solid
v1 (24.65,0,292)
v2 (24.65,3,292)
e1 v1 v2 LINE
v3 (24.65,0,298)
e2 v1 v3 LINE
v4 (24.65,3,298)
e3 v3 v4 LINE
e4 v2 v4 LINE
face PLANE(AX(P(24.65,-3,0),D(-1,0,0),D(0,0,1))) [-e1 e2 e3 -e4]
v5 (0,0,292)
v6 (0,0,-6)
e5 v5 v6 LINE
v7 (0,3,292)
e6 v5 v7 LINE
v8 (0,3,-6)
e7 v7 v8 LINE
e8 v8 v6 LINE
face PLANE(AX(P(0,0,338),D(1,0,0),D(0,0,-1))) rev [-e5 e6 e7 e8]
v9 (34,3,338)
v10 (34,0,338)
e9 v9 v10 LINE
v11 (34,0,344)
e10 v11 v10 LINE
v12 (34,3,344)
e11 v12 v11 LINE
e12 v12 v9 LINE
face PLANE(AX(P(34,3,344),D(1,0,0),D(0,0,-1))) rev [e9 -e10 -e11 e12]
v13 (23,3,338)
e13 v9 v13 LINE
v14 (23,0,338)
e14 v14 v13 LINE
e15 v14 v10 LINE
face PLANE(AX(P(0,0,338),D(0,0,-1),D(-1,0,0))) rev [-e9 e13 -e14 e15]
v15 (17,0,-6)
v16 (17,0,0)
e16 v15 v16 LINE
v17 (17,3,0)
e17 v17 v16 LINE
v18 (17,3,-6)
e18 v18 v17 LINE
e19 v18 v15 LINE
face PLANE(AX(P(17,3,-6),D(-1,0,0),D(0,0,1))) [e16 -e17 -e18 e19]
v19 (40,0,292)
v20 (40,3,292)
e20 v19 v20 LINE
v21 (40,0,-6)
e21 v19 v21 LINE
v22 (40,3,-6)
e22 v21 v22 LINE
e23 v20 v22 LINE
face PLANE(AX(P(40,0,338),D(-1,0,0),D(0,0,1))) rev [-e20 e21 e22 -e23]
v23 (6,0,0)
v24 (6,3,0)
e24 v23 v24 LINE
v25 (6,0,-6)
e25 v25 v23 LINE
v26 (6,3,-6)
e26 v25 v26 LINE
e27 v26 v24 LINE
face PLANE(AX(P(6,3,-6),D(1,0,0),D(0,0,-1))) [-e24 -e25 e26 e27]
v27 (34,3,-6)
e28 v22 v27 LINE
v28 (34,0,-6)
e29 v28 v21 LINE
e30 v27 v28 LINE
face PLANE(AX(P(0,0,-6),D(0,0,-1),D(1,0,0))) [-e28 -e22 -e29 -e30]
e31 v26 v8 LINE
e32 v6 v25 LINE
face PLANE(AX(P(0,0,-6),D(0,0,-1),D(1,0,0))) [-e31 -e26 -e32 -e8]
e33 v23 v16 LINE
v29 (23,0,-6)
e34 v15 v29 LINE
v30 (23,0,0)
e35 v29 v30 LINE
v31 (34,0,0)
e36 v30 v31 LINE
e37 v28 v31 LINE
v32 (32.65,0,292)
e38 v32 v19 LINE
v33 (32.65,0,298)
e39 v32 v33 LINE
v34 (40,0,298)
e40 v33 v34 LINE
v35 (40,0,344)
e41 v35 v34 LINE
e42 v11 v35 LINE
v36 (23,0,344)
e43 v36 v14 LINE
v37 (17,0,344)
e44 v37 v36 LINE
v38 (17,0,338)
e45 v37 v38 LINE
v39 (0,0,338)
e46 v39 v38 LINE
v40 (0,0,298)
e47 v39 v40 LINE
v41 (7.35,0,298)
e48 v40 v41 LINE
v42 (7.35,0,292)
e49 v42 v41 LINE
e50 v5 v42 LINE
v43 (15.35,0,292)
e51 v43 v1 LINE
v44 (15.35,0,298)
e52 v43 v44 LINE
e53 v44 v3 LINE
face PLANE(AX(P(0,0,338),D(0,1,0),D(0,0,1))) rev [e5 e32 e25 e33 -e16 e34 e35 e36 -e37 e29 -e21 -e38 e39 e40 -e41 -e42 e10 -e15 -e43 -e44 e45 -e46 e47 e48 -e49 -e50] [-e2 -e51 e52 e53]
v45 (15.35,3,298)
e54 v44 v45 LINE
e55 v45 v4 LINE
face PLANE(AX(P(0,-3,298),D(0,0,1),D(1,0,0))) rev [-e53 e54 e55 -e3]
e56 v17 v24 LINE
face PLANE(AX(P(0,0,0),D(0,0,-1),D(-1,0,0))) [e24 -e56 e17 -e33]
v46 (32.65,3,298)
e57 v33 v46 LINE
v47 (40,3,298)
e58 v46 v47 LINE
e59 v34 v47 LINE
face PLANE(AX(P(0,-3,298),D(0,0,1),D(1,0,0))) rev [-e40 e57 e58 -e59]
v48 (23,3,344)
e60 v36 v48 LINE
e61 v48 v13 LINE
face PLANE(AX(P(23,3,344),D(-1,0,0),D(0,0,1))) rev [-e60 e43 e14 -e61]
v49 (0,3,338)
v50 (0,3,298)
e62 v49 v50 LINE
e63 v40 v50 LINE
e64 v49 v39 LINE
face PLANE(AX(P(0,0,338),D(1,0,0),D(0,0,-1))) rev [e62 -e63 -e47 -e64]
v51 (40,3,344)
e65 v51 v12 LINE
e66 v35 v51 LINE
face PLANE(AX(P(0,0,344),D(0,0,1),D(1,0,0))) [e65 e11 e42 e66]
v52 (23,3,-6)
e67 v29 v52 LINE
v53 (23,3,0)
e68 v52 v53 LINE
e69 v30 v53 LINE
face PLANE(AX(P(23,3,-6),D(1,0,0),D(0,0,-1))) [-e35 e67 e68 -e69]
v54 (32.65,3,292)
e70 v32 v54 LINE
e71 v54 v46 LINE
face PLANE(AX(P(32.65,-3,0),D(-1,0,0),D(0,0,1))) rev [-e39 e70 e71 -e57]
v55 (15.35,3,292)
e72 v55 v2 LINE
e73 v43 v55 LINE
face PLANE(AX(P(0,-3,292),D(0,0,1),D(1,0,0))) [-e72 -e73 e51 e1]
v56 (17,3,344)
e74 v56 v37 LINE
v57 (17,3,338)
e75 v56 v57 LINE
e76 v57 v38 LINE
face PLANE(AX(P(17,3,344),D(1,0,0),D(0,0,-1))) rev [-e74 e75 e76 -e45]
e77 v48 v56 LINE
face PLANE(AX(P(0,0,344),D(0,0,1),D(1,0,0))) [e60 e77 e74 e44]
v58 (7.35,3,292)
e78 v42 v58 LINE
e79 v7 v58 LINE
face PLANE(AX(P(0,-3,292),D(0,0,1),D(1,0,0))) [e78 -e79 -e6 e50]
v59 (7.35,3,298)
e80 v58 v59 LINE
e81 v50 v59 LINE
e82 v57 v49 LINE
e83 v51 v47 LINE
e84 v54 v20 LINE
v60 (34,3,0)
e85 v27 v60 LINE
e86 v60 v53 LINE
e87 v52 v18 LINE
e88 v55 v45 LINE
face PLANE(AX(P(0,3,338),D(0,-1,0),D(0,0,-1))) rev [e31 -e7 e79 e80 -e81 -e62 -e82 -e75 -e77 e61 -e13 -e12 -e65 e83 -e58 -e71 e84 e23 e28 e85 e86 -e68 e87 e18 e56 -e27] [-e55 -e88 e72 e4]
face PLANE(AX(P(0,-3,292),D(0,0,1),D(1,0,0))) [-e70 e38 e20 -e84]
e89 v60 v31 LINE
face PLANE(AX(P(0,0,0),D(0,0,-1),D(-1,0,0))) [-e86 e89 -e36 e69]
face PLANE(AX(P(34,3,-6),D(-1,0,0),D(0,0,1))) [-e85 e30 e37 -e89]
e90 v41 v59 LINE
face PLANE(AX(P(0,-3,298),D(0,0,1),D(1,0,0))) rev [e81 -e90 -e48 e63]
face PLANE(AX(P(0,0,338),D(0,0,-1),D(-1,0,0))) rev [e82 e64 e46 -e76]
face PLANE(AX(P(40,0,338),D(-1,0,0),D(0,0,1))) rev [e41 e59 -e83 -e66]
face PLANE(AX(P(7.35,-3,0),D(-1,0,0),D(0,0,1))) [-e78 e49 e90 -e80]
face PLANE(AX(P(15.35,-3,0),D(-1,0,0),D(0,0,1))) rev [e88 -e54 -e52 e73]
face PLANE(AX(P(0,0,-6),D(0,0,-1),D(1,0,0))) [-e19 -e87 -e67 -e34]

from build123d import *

# Parameters (mm, degrees)
ESQUISSE1_W             = 40
ESQUISSE1_H             = 3
BOSS_EXTRU_1_DEPTH      = 338
ESQUISSE2_W             = 7.35
ESQUISSE2_H             = 6
ESQUISSE2_W_2           = 9.3
ENL_V_MAT_EXTRU_1_DEPTH = 6
ESQUISSE3_W             = 6
ESQUISSE3_H             = 3
BOSS_EXTRU_2_DEPTH      = 6
ESQUISSE4_W             = 6
ESQUISSE4_H             = 6
ENL_V_MAT_EXTRU_2_DEPTH = 6


with BuildPart() as part:
    # Esquisse1 → Boss.-Extru.1 (new body)
    with BuildSketch(Plane.XY):
        with Locations((20, 1.5)):
            Rectangle(ESQUISSE1_W, ESQUISSE1_H)
    extrude(amount=BOSS_EXTRU_1_DEPTH)

    # Esquisse2 → Enlèv. mat.-Extru.1 (cut)
    with BuildSketch(Plane(origin=(0, 3, 0), x_dir=(1, 0, 0), z_dir=(0, 1, 0))):
        with Locations((3.675, -295)):
            Rectangle(ESQUISSE2_W, ESQUISSE2_H)
        with Locations((20, -295)):
            Rectangle(ESQUISSE2_W_2, ESQUISSE2_H)
        with Locations((36.325, -295)):
            Rectangle(ESQUISSE2_W, ESQUISSE2_H)
    extrude(amount=-ENL_V_MAT_EXTRU_1_DEPTH, mode=Mode.SUBTRACT)

    # Esquisse3 → Boss.-Extru.2 (add)
    with BuildSketch(Plane.XY.offset(338)):
        with Locations((3, 1.5)):
            Rectangle(ESQUISSE3_W, ESQUISSE3_H)
        with Locations((20, 1.5)):
            Rectangle(ESQUISSE3_W, ESQUISSE3_H)
        with Locations((37, 1.5)):
            Rectangle(ESQUISSE3_W, ESQUISSE3_H)
    boss_extru_2 = extrude(amount=BOSS_EXTRU_2_DEPTH)

    # Symétrie1: Boss.-Extru.2 across plane
    add(boss_extru_2.mirror(Plane.XY.offset(169)))

    # Esquisse4 → Enlèv. mat.-Extru.2 (cut)
    with BuildSketch(Plane.XZ):
        with Locations((3, 341)):
            Rectangle(ESQUISSE4_W, ESQUISSE4_H)
    extrude(amount=-ENL_V_MAT_EXTRU_2_DEPTH, mode=Mode.SUBTRACT)


solid = part.part
